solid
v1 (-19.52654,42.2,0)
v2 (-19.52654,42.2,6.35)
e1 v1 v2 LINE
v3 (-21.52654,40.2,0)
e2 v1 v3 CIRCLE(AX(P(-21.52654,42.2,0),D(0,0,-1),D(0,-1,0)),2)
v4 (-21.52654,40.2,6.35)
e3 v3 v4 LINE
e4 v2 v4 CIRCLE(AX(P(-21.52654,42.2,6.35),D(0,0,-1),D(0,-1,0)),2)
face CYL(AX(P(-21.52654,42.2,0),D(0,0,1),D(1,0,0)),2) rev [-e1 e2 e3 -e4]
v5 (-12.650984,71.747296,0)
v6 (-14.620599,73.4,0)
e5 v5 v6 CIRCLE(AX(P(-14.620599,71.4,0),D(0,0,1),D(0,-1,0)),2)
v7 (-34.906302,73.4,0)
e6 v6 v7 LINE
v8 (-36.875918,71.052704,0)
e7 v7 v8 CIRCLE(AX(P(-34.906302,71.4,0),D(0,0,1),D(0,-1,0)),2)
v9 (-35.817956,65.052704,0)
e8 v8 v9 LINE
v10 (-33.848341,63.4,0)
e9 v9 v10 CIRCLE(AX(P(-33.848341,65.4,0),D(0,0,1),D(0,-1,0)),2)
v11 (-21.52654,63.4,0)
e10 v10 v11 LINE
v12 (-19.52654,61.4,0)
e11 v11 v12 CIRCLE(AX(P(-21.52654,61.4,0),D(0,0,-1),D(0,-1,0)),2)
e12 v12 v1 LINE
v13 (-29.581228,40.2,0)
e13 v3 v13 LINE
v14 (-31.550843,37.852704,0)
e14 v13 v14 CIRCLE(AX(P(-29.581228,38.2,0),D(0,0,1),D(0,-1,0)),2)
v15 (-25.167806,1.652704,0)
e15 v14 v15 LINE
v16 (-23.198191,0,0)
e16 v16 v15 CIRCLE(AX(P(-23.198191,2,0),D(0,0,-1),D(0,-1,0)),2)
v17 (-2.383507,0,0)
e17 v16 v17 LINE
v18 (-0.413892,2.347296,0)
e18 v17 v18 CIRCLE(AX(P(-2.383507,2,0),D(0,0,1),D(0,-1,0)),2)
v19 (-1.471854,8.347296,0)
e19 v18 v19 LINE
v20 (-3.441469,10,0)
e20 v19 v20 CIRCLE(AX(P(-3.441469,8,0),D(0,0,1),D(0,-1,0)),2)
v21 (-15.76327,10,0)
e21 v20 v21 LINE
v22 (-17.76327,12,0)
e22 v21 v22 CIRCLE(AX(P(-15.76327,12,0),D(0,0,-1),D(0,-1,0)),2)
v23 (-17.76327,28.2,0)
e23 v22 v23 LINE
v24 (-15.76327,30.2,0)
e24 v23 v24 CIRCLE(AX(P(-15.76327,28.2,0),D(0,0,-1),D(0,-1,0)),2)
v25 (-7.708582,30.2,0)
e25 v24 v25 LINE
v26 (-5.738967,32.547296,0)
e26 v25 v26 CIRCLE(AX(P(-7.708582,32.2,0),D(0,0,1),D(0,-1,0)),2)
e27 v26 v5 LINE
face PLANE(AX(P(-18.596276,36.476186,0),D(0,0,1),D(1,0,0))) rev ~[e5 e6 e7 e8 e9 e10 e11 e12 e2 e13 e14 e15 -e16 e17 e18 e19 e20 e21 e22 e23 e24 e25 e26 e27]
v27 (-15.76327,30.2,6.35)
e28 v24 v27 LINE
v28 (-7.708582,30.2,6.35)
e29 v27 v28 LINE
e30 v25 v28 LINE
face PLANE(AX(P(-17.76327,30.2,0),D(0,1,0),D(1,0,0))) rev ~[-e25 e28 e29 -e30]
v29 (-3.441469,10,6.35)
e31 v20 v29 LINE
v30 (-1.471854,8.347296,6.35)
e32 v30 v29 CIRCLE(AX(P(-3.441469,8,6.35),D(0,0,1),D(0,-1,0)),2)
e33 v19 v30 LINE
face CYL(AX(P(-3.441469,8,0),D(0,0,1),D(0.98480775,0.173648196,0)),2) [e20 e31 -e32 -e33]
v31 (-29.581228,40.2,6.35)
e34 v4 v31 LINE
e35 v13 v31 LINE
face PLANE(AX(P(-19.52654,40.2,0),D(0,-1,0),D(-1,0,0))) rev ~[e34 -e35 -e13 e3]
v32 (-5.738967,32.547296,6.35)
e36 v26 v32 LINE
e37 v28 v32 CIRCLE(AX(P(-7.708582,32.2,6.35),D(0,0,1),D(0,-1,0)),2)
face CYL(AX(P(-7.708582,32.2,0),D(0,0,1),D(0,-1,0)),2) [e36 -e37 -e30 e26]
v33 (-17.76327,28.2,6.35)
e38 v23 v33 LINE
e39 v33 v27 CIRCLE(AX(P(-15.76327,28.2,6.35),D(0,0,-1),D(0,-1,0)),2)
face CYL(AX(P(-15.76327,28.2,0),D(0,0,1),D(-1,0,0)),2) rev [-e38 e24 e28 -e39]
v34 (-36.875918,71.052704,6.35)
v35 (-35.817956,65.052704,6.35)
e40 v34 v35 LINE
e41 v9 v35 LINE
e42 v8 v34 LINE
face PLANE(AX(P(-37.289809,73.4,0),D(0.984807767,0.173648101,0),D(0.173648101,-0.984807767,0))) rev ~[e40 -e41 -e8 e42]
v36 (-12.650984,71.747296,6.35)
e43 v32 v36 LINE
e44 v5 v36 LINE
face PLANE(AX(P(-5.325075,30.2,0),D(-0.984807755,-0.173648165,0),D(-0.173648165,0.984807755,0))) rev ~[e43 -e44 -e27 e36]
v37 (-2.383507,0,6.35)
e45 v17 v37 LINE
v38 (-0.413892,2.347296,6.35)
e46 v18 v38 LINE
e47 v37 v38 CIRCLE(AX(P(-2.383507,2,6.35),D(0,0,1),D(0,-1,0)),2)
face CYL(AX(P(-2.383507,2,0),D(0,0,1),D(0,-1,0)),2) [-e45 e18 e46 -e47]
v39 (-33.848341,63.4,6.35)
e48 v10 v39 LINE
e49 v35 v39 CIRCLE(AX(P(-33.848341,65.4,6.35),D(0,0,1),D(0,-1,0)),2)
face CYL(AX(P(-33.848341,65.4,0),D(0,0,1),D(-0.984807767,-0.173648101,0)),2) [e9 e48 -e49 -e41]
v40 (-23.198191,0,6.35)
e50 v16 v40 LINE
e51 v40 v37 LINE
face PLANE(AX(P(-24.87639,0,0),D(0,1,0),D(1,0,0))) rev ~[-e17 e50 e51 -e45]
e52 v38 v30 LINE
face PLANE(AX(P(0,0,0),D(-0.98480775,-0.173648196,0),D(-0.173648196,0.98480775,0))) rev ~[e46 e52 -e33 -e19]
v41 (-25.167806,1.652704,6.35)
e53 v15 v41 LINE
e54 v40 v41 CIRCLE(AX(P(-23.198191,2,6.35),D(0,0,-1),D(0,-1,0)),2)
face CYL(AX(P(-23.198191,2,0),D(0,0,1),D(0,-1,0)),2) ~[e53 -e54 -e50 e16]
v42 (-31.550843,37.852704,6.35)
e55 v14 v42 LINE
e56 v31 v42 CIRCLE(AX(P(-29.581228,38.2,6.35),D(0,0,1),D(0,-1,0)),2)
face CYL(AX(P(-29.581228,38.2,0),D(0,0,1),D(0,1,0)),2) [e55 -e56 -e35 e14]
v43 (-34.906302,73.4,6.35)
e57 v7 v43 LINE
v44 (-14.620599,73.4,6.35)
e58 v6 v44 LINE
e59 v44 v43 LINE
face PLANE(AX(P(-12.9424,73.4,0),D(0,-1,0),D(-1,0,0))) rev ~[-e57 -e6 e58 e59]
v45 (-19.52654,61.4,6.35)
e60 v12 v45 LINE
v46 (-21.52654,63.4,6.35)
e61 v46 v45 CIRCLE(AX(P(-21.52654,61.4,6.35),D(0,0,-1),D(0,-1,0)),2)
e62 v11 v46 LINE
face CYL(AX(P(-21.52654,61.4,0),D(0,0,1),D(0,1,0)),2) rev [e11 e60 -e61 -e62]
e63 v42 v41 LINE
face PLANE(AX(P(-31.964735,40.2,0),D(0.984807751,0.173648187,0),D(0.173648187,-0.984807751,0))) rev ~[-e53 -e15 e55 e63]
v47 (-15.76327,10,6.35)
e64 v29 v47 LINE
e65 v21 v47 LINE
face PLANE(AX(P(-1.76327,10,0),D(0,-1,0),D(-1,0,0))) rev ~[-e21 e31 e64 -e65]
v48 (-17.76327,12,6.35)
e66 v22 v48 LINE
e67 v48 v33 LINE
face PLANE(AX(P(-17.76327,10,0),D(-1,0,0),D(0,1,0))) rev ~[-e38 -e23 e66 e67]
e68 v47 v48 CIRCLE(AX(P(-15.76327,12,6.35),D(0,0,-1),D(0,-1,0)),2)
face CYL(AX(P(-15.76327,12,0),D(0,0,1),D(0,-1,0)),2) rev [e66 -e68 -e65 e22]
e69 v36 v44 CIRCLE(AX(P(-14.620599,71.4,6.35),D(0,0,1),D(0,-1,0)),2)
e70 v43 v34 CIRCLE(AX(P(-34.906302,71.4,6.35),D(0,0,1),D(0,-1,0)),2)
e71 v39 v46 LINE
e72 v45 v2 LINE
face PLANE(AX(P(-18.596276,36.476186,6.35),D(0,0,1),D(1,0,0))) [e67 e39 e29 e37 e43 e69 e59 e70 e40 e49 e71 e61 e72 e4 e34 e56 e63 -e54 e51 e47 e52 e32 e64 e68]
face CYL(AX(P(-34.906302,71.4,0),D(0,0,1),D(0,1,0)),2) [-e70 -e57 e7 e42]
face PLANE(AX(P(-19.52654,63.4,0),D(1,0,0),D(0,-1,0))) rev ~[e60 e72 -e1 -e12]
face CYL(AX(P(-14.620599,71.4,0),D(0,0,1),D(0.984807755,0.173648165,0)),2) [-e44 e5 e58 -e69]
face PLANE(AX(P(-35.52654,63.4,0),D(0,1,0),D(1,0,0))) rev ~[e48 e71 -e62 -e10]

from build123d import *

# Parameters (mm, degrees)
F1_DEPTH = 6.35
F2_R     = 2


with BuildPart() as f1:
    # F0 (on Top) → F1 (new body)
    with BuildSketch(Plane.XY):
        Polygon((-24.87639, 0), (0, 0), (-1.76327, 10), (-17.76327, 10), (-17.76327, 30.2), (-5.325075, 30.2), (-12.9424, 73.4), (-37.289809, 73.4), (-35.52654, 63.4), (-19.52654, 63.4), (-19.52654, 40.2), (-31.964735, 40.2), align=None)
    extrude(amount=F1_DEPTH)

    # F2
    f2_edges = [f1.edges().sort_by_distance(p)[0] for p in [
        (-37.289809, 73.4, 3.175),
        (-35.52654, 63.4, 3.175),
        (-19.52654, 63.4, 3.175),
        (-31.964735, 40.2, 3.175),
        (-19.52654, 40.2, 3.175),
        (-12.9424, 73.4, 3.175),
        (-5.325075, 30.2, 3.175),
        (-17.76327, 30.2, 3.175),
        (-17.76327, 10, 3.175),
        (-1.76327, 10, 3.175),
        (0, 0, 3.175),
        (-24.87639, 0, 3.175),
    ]]
    fillet(f2_edges, radius=F2_R)


solid = f1.part
